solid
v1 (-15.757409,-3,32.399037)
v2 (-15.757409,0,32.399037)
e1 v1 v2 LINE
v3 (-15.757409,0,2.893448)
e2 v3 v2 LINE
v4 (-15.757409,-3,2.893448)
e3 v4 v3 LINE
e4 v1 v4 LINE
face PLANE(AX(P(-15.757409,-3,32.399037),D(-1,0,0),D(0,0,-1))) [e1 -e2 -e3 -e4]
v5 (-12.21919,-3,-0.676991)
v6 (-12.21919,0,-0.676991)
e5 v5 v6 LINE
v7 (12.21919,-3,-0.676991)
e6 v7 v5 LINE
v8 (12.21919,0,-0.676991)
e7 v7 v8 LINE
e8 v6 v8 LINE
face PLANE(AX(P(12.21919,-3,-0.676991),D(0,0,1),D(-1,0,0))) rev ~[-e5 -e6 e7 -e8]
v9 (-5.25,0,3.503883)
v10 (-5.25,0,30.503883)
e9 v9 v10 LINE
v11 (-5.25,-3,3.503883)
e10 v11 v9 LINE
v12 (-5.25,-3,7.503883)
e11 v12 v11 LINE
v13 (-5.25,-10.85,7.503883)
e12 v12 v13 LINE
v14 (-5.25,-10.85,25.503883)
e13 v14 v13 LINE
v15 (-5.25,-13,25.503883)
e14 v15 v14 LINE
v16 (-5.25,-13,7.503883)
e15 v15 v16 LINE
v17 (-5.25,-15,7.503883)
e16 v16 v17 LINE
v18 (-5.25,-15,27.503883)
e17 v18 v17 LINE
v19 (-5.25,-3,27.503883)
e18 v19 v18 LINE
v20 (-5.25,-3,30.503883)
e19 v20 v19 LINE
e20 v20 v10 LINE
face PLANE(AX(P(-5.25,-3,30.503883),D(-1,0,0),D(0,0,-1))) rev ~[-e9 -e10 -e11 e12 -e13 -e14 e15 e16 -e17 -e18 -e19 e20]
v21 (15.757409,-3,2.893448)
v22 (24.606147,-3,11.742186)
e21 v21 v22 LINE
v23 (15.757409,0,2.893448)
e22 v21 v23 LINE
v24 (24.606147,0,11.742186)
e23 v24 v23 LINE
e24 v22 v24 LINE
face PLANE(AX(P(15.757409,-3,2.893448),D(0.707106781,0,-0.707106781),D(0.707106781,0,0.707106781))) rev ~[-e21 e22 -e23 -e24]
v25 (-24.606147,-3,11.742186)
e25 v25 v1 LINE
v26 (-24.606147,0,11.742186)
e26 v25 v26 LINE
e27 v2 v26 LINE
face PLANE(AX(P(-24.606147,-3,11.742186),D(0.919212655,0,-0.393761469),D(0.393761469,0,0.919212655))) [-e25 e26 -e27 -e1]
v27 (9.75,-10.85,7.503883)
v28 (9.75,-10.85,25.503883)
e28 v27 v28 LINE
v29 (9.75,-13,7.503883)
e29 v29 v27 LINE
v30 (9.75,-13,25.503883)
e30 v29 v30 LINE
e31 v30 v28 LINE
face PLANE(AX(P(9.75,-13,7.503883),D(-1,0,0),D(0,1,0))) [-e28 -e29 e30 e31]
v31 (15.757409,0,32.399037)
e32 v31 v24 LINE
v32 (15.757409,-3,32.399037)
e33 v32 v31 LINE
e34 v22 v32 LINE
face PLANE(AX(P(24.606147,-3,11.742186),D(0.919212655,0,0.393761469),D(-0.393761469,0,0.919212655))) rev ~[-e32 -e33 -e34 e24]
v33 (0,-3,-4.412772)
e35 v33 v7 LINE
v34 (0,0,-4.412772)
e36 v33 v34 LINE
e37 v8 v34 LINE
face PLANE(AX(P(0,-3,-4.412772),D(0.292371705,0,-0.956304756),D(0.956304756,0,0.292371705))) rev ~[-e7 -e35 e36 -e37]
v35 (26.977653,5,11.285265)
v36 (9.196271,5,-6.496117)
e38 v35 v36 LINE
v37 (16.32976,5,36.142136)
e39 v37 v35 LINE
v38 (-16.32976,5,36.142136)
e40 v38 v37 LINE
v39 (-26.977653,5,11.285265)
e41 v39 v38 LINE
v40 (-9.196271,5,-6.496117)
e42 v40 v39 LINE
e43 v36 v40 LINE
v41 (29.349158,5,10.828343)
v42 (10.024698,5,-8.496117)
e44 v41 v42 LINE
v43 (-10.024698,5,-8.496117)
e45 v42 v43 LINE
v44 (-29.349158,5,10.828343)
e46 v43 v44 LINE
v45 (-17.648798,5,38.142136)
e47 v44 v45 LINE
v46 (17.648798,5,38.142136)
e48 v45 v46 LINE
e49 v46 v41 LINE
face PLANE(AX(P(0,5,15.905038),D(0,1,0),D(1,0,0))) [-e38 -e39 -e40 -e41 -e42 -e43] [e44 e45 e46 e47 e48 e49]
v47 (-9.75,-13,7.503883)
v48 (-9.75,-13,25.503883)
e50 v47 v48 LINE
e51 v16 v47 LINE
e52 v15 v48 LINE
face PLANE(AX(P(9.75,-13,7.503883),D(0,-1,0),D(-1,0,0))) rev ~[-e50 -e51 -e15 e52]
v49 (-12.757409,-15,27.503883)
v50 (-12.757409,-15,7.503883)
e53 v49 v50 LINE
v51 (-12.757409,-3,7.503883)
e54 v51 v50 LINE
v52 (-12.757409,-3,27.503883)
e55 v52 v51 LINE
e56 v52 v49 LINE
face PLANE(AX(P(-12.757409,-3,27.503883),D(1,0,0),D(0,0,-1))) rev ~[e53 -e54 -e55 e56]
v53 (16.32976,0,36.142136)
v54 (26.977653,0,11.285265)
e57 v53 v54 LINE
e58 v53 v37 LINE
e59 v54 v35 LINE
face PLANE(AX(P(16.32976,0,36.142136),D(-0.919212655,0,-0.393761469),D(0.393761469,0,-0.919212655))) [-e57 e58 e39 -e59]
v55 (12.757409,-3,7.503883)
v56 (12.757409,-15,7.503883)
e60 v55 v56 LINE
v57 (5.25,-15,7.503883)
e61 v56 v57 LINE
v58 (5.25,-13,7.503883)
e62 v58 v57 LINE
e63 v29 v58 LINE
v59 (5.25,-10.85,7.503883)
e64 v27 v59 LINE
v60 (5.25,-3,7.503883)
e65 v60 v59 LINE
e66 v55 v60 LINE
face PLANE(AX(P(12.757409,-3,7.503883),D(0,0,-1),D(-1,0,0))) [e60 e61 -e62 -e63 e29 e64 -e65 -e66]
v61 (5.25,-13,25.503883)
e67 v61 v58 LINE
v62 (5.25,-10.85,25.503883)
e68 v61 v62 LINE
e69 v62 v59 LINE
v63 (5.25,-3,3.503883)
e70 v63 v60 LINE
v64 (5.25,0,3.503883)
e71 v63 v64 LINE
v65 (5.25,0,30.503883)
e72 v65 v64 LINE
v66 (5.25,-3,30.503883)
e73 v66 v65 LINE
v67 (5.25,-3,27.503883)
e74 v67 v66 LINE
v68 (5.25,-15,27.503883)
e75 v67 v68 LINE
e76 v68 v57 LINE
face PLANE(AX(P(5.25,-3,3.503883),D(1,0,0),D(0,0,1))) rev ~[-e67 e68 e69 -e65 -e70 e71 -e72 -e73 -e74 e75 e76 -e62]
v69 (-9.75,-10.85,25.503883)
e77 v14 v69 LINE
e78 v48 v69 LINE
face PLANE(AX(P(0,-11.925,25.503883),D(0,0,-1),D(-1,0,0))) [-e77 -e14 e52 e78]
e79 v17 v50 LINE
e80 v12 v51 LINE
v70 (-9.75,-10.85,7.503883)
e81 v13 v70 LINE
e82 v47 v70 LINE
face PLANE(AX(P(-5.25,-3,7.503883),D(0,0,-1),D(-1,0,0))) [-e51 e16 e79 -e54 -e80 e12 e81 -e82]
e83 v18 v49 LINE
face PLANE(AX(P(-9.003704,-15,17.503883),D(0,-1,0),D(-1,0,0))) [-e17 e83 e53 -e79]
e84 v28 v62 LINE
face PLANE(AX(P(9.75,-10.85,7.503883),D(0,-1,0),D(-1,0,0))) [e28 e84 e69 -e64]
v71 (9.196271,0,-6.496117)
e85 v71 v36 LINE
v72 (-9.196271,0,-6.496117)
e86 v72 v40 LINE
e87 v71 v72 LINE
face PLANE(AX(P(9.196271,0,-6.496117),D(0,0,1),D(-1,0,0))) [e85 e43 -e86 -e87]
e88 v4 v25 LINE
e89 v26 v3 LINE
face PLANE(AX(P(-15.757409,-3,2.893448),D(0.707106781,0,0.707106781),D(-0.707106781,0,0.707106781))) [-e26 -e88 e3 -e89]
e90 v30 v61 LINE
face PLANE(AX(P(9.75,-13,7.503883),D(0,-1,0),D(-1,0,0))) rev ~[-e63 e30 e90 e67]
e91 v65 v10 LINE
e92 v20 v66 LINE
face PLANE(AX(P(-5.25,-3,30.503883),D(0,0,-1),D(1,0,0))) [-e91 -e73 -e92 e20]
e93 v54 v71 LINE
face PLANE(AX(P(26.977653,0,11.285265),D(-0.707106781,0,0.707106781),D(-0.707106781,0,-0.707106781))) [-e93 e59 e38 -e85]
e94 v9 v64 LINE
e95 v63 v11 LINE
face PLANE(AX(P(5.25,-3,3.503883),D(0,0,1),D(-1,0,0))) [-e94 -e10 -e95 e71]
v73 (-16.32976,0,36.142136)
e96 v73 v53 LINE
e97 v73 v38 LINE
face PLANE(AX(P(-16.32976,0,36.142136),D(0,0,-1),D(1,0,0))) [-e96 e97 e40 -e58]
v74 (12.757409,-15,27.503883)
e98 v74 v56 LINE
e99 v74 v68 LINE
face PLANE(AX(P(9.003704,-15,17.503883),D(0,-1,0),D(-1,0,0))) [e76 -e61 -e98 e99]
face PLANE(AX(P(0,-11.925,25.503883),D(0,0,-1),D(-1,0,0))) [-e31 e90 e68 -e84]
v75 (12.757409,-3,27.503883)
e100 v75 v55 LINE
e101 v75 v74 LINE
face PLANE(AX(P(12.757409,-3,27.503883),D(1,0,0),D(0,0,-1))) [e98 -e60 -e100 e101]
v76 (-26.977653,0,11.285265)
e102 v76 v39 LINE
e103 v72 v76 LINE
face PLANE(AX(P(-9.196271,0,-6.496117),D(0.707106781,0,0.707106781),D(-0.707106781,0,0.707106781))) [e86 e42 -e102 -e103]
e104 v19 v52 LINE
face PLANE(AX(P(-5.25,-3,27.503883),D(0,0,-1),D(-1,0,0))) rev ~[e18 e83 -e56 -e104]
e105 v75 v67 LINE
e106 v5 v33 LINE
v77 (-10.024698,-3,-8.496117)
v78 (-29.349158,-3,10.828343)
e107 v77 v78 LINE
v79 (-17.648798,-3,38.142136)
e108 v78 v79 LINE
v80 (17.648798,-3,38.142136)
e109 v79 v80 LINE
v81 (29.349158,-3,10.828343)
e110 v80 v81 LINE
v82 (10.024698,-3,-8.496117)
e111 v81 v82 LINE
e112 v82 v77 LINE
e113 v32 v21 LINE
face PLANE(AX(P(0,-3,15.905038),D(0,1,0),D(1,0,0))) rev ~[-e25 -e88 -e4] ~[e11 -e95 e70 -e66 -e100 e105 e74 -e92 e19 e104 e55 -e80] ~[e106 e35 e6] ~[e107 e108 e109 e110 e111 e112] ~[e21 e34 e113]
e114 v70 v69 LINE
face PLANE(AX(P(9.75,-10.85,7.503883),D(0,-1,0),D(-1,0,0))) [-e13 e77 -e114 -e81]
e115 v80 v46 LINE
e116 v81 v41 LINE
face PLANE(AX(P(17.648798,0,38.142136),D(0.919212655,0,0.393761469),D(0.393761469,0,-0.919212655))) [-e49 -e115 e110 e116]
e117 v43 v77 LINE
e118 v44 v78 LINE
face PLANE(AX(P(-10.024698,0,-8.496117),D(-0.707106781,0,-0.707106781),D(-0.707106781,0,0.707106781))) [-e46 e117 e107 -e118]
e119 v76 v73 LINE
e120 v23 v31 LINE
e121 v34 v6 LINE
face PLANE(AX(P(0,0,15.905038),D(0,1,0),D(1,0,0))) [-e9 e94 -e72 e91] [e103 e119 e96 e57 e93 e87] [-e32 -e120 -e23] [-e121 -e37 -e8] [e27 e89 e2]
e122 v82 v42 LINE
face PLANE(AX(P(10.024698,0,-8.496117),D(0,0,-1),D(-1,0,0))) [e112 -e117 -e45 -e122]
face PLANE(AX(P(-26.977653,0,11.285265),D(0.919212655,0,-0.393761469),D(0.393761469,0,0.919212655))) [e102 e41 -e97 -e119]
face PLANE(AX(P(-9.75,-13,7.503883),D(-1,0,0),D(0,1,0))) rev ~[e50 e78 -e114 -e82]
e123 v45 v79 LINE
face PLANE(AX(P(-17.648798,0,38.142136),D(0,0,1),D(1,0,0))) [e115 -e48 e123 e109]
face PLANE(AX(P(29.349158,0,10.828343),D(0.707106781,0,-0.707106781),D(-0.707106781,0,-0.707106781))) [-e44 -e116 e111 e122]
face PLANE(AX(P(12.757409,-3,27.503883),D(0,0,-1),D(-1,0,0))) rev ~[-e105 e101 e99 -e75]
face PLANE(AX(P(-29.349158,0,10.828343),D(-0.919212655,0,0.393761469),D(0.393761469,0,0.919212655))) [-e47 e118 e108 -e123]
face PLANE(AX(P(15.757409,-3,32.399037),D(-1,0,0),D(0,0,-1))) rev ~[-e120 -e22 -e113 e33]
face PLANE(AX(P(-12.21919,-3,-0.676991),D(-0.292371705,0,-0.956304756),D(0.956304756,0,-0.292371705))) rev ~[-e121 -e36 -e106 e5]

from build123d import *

# Parameters (mm, degrees)
BOSS_EXTRUDE1_DEPTH = 5
BOSS_EXTRUDE2_DEPTH = 3
SKETCH3_W           = 7.507408842
SKETCH3_H           = 20
BOSS_EXTRUDE3_DEPTH = 12
SKETCH5_W           = 19.5
SKETCH5_H           = 2.15
CUT_EXTRUDE2_DEPTH  = 18
CUT_EXTRUDE3_DEPTH  = 50.600358979


with BuildPart() as part:
    # Sketch1 → Boss-Extrude1 (new body)
    with BuildSketch(Plane(origin=(0, 0, 0), x_dir=(1, 0, 0), z_dir=(0, 1, 0))):
        Polygon((10.024698463, 8.496116817), (-10.024698463, 8.496116817), (-29.349158436, -10.828343156), (-17.64879837, -38.142135624), (17.64879837, -38.142135624), (29.349158436, -10.828343156), align=None)
        Polygon((9.196271338, 6.496116817), (-9.196271338, 6.496116817), (-26.977652736, -11.28526458), (-16.329759674, -36.142135624), (16.329759674, -36.142135624), (26.977652736, -11.28526458), align=None, mode=Mode.SUBTRACT)
    extrude(amount=BOSS_EXTRUDE1_DEPTH)

    # Sketch2 → Boss-Extrude2 (add)
    with BuildSketch(Plane(origin=(0, 0, 0), x_dir=(-1, 0, 0), z_dir=(0, -1, 0))):
        Polygon((17.64879837, -38.142135624), (-17.64879837, -38.142135624), (-29.349158436, -10.828343156), (-10.024698463, 8.496116817), (10.024698463, 8.496116817), (29.349158436, -10.828343156), align=None)
    extrude(amount=BOSS_EXTRUDE2_DEPTH)

    # Sketch3 → Boss-Extrude3 (add)
    with BuildSketch(Plane(origin=(0, -3, 0), x_dir=(-1, 0, 0), z_dir=(0, -1, 0))):
        with Locations((9.003704421, -17.503883183)):
            Rectangle(SKETCH3_W, SKETCH3_H)
        with Locations((-9.003704421, -17.503883183)):
            Rectangle(SKETCH3_W, SKETCH3_H)
    extrude(amount=BOSS_EXTRUDE3_DEPTH)

    # Sketch5 → Cut-Extrude2 (cut)
    with BuildSketch(Plane(origin=(0, 0, 7.503883183), x_dir=(-1, 0, 0), z_dir=(0, 0, -1))):
        with Locations((0, -11.925)):
            Rectangle(SKETCH5_W, SKETCH5_H)
    extrude(amount=-CUT_EXTRUDE2_DEPTH, mode=Mode.SUBTRACT)

    # Sketch6 → Cut-Extrude3 (cut, through all)
    with BuildSketch(Plane(origin=(0, -3, 0), x_dir=(-1, 0, 0), z_dir=(0, -1, 0))):
        Polygon((5.25, -7.503883183), (5.25, -30.503883183), (-5.25, -30.503883183), (-5.25, -5.503883183), (-5.25, -3.503883183), (5.25, -3.503883183), align=None)
        Polygon((-24.606147036, -11.742186005), (-15.757408842, -32.399037357), (-15.757408842, -2.893447811), align=None)
        Polygon((-12.219190477, 0.676990597), (12.219190477, 0.676990597), (0, 4.412772028), align=None)
        Polygon((15.757408842, -2.893447811), (24.606147036, -11.742186005), (15.757408842, -32.399037357), align=None)
    extrude(amount=-CUT_EXTRUDE3_DEPTH, mode=Mode.SUBTRACT)


solid = part.part
